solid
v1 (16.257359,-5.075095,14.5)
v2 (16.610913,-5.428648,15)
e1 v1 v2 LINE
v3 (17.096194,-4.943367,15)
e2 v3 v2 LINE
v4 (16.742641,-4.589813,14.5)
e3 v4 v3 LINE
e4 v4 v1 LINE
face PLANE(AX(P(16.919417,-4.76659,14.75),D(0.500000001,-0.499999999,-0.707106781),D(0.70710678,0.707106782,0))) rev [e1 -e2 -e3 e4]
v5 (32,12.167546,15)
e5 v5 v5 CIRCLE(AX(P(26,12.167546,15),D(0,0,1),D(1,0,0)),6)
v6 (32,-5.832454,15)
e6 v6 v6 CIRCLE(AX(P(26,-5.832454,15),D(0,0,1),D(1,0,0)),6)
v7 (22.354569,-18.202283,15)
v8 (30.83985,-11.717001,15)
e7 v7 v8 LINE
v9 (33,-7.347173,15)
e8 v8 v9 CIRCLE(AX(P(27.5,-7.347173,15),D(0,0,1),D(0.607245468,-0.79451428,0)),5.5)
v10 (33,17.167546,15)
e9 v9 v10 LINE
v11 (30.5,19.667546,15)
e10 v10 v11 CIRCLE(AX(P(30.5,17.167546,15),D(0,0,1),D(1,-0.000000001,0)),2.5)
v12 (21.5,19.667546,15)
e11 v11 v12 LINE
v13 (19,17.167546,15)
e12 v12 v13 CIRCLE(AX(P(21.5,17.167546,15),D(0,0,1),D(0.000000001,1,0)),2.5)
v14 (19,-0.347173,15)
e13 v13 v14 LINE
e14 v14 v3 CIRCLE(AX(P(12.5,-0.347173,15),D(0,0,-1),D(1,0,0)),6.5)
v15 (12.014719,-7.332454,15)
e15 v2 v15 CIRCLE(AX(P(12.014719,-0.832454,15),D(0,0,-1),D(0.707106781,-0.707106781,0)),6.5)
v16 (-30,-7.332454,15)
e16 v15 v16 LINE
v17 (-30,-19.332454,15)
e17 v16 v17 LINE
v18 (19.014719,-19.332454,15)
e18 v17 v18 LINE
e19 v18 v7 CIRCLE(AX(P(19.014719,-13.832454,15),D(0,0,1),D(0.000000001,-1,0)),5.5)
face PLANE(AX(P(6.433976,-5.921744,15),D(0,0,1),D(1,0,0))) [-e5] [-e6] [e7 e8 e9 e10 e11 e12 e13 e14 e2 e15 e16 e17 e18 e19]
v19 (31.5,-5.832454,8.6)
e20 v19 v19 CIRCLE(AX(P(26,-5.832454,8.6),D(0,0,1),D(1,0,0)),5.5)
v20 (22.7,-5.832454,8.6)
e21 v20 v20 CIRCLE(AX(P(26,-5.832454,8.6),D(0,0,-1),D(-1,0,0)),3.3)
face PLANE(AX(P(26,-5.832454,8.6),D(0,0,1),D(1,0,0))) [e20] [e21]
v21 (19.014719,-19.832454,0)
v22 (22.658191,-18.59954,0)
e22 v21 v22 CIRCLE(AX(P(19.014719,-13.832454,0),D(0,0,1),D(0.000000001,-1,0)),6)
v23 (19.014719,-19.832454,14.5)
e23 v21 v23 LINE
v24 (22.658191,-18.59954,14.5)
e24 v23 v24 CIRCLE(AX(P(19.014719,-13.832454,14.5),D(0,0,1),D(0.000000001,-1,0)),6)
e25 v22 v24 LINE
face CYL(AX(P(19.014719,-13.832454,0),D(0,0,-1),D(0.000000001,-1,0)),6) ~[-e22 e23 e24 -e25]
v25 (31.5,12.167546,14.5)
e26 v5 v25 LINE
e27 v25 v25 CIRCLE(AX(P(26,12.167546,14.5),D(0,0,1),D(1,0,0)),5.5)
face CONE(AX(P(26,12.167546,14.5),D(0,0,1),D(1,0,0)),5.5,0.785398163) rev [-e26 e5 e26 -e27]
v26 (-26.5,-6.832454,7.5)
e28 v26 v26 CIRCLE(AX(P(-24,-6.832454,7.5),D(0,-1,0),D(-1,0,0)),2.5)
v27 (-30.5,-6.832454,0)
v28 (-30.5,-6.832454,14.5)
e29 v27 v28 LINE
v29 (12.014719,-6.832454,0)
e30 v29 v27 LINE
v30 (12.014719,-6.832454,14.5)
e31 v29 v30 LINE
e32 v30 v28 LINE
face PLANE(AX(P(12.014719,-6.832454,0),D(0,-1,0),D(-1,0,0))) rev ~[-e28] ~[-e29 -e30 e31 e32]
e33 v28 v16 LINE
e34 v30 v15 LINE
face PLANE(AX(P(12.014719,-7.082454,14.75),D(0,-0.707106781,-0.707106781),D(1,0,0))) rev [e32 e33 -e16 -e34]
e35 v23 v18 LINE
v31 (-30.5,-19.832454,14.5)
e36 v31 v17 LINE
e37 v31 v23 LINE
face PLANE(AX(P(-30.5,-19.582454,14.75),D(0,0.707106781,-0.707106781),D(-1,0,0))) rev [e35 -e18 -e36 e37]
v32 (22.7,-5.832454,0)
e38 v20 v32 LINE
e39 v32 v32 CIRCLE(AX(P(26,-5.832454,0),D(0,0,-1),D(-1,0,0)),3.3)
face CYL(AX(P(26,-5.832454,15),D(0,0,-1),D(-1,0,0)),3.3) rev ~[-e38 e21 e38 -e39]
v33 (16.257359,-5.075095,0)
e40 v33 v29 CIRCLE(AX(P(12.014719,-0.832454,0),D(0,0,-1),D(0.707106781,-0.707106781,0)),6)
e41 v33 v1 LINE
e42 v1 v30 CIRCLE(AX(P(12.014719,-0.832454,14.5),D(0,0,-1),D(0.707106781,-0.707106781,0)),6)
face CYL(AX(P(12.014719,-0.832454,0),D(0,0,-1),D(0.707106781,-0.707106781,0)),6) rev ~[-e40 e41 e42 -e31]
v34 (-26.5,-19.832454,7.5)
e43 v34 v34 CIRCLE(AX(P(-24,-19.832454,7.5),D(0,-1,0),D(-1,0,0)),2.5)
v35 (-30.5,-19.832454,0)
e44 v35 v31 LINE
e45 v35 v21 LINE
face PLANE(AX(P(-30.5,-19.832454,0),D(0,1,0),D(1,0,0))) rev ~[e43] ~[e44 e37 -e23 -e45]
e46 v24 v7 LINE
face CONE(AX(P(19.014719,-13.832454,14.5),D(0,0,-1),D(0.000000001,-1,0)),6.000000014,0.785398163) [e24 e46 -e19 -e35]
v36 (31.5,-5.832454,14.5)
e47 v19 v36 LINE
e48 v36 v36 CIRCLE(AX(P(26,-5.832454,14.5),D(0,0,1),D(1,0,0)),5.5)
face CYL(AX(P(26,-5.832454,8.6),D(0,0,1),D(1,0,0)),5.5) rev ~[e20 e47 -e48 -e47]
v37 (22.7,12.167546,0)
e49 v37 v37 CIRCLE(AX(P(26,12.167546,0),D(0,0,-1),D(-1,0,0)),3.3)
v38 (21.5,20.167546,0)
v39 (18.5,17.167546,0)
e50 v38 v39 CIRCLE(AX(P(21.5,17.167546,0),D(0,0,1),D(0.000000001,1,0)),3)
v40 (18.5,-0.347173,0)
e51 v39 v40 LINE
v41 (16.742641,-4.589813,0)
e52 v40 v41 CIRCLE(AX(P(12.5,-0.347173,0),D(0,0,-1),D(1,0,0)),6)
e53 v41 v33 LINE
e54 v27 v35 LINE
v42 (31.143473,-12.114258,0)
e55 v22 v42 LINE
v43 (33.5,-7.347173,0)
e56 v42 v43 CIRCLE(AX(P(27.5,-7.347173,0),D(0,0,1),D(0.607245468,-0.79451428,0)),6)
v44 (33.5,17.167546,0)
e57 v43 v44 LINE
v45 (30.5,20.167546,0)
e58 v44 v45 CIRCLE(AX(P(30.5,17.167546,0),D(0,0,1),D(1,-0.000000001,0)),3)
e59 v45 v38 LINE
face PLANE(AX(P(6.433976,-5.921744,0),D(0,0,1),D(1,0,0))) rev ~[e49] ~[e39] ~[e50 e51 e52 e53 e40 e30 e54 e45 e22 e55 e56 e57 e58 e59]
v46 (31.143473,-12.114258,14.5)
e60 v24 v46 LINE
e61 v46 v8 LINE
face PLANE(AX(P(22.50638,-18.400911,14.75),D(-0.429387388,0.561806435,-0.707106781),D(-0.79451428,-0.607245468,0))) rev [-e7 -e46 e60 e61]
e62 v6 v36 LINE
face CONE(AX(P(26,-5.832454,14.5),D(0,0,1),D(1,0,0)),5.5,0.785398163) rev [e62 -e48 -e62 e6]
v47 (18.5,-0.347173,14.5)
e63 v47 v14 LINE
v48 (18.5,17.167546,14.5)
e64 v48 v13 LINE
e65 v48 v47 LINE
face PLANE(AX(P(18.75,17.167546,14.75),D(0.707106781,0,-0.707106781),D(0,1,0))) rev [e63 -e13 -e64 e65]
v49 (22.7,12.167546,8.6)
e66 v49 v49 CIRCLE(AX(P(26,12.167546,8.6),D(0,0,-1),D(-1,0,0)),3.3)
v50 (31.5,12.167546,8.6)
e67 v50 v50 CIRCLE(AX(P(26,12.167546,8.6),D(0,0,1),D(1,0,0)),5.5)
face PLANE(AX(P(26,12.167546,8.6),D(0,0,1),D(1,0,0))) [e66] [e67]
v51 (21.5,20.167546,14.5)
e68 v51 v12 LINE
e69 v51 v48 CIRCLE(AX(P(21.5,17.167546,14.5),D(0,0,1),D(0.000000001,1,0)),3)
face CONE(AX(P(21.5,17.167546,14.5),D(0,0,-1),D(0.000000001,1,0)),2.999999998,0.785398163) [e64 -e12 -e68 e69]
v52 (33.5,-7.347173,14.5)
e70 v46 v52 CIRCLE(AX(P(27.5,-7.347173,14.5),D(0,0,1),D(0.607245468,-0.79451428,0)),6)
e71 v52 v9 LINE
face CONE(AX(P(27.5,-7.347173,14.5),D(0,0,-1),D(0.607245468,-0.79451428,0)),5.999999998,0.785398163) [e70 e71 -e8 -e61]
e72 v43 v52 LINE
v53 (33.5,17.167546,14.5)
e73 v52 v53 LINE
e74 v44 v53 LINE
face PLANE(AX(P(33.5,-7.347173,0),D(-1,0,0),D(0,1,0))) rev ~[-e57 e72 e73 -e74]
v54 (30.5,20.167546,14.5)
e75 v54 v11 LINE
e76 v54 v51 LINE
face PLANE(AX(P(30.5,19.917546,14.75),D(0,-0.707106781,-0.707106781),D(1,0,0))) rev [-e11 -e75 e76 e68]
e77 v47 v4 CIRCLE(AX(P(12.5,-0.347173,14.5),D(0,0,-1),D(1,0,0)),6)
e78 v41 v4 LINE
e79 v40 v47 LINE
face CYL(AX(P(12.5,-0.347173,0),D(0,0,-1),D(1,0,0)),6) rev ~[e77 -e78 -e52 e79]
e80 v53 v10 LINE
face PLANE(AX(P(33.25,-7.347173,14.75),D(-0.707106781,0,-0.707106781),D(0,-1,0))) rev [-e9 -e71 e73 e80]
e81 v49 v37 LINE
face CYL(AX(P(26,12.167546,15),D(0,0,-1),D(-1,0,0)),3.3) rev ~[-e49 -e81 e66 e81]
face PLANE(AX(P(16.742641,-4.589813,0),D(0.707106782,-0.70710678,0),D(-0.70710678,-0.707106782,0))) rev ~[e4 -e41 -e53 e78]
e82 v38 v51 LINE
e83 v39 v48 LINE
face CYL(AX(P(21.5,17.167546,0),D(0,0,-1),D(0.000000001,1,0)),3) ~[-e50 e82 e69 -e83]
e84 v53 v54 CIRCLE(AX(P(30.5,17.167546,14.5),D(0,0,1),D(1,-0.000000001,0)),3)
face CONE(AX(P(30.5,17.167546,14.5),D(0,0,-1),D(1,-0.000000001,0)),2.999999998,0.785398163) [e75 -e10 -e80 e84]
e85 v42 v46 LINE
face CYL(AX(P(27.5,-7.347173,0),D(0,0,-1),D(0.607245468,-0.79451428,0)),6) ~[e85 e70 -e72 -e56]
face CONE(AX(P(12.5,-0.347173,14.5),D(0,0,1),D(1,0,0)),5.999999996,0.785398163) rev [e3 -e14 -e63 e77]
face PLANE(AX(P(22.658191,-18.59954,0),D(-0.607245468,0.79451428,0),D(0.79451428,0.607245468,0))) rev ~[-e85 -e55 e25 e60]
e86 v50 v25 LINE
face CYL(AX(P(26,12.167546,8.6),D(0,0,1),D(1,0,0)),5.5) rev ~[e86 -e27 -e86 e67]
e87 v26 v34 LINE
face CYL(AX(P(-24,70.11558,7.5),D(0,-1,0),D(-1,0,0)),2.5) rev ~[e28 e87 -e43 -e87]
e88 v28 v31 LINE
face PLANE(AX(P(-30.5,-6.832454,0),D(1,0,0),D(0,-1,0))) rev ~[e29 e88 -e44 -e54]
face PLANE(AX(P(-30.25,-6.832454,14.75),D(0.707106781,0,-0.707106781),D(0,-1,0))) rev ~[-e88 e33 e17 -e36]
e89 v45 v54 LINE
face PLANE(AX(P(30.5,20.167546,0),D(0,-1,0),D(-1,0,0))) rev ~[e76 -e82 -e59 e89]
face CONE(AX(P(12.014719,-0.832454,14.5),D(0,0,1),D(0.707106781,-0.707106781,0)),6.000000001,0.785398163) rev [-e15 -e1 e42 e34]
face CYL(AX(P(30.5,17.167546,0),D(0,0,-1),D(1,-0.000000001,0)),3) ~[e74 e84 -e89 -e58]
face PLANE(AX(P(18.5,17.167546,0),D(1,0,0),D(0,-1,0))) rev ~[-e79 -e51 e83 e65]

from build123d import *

# Parameters (mm, degrees)
BOSS_EXTRUDE1_DEPTH                                 = 15
CBORE_FOR_M6_HEX_SOCKET_HEAD_CAP_SCREW1_D           = 6.6
CBORE_FOR_M6_HEX_SOCKET_HEAD_CAP_SCREW1_CBORE_D     = 11
CBORE_FOR_M6_HEX_SOCKET_HEAD_CAP_SCREW1_CBORE_DEPTH = 6.4
TAP_DRILL_FOR_M6_TAP1_D                             = 5
CHAMFER1_SIZE                                       = 0.5


with BuildPart() as part:
    # Sketch1 → Boss-Extrude1 (new body)
    with BuildSketch(Plane.XY):
        with BuildLine():
            Line((22.658191436, -18.599539786), (31.14347281, -12.114258412))
            ThreePointArc((31.14347281, -12.114258412), (32.878700441, -10.006041207), (33.5, -7.347172731))
            Line((33.5, -7.347172731), (33.5, 17.167545894))
            ThreePointArc((33.5, 17.167545894), (32.621320344, 19.288866238), (30.5, 20.167545894))
            Line((30.5, 20.167545894), (21.5, 20.167545894))
            ThreePointArc((21.5, 20.167545894), (19.378679656, 19.288866238), (18.5, 17.167545894))
            Line((18.5, 17.167545894), (18.5, -0.347172731))
            ThreePointArc((18.5, -0.347172731), (18.043277195, -2.643273326), (16.742640687, -4.589813418))
            Line((16.742640687, -4.589813418), (16.257359313, -5.075094793))
            ThreePointArc((16.257359313, -5.075094793), (14.31081922, -6.375731301), (12.014718626, -6.832454106))
            Line((12.014718626, -6.832454106), (-30.5, -6.832454106))
            Line((-30.5, -6.832454106), (-30.5, -19.832454106))
            Line((-30.5, -19.832454106), (19.014718626, -19.832454106))
            ThreePointArc((19.014718626, -19.832454106), (20.937930252, -19.51587359), (22.658191436, -18.599539786))
        make_face()
    extrude(amount=BOSS_EXTRUDE1_DEPTH)

    # CBORE for M6 Hex Socket Head Cap Screw1 (through all)
    with Locations(Plane.XY.offset(15)):
        with Locations((26, 12.167545894), (26, -5.832454106)):
            CounterBoreHole(CBORE_FOR_M6_HEX_SOCKET_HEAD_CAP_SCREW1_D / 2, CBORE_FOR_M6_HEX_SOCKET_HEAD_CAP_SCREW1_CBORE_D / 2, CBORE_FOR_M6_HEX_SOCKET_HEAD_CAP_SCREW1_CBORE_DEPTH)

    # Tap Drill for M6 Tap1 (through all)
    with Locations(Plane(origin=(0, -6.832454106, 0), x_dir=(1, 0, 0), z_dir=(0, 1, 0))):
        with Locations((-24, -7.5)):
            Hole(TAP_DRILL_FOR_M6_TAP1_D / 2)

    # Chamfer1
    chamfer1_edges = [part.edges().sort_by_distance(p)[0] for p in [
        (20.937930252, -19.51587359, 15),
        (26.900832123, -15.356899099, 15),
        (32.878700441, -10.006041207, 15),
        (33.5, 4.910186582, 15),
        (32.621320344, 19.288866238, 15),
        (26, 20.167545894, 15),
        (19.378679656, 19.288866238, 15),
        (18.5, 8.410186582, 15),
        (18.043277195, -2.643273326, 15),
        (16.5, -4.832454106, 15),
        (-30.5, -13.332454106, 15),
        (14.31081922, -6.375731301, 15),
        (20.5, -5.832454106, 15),
        (-9.242640687, -6.832454106, 15),
        (20.5, 12.167545894, 15),
        (-5.742640687, -19.832454106, 15),
    ]]
    chamfer(chamfer1_edges, length=CHAMFER1_SIZE)


solid = part.part
